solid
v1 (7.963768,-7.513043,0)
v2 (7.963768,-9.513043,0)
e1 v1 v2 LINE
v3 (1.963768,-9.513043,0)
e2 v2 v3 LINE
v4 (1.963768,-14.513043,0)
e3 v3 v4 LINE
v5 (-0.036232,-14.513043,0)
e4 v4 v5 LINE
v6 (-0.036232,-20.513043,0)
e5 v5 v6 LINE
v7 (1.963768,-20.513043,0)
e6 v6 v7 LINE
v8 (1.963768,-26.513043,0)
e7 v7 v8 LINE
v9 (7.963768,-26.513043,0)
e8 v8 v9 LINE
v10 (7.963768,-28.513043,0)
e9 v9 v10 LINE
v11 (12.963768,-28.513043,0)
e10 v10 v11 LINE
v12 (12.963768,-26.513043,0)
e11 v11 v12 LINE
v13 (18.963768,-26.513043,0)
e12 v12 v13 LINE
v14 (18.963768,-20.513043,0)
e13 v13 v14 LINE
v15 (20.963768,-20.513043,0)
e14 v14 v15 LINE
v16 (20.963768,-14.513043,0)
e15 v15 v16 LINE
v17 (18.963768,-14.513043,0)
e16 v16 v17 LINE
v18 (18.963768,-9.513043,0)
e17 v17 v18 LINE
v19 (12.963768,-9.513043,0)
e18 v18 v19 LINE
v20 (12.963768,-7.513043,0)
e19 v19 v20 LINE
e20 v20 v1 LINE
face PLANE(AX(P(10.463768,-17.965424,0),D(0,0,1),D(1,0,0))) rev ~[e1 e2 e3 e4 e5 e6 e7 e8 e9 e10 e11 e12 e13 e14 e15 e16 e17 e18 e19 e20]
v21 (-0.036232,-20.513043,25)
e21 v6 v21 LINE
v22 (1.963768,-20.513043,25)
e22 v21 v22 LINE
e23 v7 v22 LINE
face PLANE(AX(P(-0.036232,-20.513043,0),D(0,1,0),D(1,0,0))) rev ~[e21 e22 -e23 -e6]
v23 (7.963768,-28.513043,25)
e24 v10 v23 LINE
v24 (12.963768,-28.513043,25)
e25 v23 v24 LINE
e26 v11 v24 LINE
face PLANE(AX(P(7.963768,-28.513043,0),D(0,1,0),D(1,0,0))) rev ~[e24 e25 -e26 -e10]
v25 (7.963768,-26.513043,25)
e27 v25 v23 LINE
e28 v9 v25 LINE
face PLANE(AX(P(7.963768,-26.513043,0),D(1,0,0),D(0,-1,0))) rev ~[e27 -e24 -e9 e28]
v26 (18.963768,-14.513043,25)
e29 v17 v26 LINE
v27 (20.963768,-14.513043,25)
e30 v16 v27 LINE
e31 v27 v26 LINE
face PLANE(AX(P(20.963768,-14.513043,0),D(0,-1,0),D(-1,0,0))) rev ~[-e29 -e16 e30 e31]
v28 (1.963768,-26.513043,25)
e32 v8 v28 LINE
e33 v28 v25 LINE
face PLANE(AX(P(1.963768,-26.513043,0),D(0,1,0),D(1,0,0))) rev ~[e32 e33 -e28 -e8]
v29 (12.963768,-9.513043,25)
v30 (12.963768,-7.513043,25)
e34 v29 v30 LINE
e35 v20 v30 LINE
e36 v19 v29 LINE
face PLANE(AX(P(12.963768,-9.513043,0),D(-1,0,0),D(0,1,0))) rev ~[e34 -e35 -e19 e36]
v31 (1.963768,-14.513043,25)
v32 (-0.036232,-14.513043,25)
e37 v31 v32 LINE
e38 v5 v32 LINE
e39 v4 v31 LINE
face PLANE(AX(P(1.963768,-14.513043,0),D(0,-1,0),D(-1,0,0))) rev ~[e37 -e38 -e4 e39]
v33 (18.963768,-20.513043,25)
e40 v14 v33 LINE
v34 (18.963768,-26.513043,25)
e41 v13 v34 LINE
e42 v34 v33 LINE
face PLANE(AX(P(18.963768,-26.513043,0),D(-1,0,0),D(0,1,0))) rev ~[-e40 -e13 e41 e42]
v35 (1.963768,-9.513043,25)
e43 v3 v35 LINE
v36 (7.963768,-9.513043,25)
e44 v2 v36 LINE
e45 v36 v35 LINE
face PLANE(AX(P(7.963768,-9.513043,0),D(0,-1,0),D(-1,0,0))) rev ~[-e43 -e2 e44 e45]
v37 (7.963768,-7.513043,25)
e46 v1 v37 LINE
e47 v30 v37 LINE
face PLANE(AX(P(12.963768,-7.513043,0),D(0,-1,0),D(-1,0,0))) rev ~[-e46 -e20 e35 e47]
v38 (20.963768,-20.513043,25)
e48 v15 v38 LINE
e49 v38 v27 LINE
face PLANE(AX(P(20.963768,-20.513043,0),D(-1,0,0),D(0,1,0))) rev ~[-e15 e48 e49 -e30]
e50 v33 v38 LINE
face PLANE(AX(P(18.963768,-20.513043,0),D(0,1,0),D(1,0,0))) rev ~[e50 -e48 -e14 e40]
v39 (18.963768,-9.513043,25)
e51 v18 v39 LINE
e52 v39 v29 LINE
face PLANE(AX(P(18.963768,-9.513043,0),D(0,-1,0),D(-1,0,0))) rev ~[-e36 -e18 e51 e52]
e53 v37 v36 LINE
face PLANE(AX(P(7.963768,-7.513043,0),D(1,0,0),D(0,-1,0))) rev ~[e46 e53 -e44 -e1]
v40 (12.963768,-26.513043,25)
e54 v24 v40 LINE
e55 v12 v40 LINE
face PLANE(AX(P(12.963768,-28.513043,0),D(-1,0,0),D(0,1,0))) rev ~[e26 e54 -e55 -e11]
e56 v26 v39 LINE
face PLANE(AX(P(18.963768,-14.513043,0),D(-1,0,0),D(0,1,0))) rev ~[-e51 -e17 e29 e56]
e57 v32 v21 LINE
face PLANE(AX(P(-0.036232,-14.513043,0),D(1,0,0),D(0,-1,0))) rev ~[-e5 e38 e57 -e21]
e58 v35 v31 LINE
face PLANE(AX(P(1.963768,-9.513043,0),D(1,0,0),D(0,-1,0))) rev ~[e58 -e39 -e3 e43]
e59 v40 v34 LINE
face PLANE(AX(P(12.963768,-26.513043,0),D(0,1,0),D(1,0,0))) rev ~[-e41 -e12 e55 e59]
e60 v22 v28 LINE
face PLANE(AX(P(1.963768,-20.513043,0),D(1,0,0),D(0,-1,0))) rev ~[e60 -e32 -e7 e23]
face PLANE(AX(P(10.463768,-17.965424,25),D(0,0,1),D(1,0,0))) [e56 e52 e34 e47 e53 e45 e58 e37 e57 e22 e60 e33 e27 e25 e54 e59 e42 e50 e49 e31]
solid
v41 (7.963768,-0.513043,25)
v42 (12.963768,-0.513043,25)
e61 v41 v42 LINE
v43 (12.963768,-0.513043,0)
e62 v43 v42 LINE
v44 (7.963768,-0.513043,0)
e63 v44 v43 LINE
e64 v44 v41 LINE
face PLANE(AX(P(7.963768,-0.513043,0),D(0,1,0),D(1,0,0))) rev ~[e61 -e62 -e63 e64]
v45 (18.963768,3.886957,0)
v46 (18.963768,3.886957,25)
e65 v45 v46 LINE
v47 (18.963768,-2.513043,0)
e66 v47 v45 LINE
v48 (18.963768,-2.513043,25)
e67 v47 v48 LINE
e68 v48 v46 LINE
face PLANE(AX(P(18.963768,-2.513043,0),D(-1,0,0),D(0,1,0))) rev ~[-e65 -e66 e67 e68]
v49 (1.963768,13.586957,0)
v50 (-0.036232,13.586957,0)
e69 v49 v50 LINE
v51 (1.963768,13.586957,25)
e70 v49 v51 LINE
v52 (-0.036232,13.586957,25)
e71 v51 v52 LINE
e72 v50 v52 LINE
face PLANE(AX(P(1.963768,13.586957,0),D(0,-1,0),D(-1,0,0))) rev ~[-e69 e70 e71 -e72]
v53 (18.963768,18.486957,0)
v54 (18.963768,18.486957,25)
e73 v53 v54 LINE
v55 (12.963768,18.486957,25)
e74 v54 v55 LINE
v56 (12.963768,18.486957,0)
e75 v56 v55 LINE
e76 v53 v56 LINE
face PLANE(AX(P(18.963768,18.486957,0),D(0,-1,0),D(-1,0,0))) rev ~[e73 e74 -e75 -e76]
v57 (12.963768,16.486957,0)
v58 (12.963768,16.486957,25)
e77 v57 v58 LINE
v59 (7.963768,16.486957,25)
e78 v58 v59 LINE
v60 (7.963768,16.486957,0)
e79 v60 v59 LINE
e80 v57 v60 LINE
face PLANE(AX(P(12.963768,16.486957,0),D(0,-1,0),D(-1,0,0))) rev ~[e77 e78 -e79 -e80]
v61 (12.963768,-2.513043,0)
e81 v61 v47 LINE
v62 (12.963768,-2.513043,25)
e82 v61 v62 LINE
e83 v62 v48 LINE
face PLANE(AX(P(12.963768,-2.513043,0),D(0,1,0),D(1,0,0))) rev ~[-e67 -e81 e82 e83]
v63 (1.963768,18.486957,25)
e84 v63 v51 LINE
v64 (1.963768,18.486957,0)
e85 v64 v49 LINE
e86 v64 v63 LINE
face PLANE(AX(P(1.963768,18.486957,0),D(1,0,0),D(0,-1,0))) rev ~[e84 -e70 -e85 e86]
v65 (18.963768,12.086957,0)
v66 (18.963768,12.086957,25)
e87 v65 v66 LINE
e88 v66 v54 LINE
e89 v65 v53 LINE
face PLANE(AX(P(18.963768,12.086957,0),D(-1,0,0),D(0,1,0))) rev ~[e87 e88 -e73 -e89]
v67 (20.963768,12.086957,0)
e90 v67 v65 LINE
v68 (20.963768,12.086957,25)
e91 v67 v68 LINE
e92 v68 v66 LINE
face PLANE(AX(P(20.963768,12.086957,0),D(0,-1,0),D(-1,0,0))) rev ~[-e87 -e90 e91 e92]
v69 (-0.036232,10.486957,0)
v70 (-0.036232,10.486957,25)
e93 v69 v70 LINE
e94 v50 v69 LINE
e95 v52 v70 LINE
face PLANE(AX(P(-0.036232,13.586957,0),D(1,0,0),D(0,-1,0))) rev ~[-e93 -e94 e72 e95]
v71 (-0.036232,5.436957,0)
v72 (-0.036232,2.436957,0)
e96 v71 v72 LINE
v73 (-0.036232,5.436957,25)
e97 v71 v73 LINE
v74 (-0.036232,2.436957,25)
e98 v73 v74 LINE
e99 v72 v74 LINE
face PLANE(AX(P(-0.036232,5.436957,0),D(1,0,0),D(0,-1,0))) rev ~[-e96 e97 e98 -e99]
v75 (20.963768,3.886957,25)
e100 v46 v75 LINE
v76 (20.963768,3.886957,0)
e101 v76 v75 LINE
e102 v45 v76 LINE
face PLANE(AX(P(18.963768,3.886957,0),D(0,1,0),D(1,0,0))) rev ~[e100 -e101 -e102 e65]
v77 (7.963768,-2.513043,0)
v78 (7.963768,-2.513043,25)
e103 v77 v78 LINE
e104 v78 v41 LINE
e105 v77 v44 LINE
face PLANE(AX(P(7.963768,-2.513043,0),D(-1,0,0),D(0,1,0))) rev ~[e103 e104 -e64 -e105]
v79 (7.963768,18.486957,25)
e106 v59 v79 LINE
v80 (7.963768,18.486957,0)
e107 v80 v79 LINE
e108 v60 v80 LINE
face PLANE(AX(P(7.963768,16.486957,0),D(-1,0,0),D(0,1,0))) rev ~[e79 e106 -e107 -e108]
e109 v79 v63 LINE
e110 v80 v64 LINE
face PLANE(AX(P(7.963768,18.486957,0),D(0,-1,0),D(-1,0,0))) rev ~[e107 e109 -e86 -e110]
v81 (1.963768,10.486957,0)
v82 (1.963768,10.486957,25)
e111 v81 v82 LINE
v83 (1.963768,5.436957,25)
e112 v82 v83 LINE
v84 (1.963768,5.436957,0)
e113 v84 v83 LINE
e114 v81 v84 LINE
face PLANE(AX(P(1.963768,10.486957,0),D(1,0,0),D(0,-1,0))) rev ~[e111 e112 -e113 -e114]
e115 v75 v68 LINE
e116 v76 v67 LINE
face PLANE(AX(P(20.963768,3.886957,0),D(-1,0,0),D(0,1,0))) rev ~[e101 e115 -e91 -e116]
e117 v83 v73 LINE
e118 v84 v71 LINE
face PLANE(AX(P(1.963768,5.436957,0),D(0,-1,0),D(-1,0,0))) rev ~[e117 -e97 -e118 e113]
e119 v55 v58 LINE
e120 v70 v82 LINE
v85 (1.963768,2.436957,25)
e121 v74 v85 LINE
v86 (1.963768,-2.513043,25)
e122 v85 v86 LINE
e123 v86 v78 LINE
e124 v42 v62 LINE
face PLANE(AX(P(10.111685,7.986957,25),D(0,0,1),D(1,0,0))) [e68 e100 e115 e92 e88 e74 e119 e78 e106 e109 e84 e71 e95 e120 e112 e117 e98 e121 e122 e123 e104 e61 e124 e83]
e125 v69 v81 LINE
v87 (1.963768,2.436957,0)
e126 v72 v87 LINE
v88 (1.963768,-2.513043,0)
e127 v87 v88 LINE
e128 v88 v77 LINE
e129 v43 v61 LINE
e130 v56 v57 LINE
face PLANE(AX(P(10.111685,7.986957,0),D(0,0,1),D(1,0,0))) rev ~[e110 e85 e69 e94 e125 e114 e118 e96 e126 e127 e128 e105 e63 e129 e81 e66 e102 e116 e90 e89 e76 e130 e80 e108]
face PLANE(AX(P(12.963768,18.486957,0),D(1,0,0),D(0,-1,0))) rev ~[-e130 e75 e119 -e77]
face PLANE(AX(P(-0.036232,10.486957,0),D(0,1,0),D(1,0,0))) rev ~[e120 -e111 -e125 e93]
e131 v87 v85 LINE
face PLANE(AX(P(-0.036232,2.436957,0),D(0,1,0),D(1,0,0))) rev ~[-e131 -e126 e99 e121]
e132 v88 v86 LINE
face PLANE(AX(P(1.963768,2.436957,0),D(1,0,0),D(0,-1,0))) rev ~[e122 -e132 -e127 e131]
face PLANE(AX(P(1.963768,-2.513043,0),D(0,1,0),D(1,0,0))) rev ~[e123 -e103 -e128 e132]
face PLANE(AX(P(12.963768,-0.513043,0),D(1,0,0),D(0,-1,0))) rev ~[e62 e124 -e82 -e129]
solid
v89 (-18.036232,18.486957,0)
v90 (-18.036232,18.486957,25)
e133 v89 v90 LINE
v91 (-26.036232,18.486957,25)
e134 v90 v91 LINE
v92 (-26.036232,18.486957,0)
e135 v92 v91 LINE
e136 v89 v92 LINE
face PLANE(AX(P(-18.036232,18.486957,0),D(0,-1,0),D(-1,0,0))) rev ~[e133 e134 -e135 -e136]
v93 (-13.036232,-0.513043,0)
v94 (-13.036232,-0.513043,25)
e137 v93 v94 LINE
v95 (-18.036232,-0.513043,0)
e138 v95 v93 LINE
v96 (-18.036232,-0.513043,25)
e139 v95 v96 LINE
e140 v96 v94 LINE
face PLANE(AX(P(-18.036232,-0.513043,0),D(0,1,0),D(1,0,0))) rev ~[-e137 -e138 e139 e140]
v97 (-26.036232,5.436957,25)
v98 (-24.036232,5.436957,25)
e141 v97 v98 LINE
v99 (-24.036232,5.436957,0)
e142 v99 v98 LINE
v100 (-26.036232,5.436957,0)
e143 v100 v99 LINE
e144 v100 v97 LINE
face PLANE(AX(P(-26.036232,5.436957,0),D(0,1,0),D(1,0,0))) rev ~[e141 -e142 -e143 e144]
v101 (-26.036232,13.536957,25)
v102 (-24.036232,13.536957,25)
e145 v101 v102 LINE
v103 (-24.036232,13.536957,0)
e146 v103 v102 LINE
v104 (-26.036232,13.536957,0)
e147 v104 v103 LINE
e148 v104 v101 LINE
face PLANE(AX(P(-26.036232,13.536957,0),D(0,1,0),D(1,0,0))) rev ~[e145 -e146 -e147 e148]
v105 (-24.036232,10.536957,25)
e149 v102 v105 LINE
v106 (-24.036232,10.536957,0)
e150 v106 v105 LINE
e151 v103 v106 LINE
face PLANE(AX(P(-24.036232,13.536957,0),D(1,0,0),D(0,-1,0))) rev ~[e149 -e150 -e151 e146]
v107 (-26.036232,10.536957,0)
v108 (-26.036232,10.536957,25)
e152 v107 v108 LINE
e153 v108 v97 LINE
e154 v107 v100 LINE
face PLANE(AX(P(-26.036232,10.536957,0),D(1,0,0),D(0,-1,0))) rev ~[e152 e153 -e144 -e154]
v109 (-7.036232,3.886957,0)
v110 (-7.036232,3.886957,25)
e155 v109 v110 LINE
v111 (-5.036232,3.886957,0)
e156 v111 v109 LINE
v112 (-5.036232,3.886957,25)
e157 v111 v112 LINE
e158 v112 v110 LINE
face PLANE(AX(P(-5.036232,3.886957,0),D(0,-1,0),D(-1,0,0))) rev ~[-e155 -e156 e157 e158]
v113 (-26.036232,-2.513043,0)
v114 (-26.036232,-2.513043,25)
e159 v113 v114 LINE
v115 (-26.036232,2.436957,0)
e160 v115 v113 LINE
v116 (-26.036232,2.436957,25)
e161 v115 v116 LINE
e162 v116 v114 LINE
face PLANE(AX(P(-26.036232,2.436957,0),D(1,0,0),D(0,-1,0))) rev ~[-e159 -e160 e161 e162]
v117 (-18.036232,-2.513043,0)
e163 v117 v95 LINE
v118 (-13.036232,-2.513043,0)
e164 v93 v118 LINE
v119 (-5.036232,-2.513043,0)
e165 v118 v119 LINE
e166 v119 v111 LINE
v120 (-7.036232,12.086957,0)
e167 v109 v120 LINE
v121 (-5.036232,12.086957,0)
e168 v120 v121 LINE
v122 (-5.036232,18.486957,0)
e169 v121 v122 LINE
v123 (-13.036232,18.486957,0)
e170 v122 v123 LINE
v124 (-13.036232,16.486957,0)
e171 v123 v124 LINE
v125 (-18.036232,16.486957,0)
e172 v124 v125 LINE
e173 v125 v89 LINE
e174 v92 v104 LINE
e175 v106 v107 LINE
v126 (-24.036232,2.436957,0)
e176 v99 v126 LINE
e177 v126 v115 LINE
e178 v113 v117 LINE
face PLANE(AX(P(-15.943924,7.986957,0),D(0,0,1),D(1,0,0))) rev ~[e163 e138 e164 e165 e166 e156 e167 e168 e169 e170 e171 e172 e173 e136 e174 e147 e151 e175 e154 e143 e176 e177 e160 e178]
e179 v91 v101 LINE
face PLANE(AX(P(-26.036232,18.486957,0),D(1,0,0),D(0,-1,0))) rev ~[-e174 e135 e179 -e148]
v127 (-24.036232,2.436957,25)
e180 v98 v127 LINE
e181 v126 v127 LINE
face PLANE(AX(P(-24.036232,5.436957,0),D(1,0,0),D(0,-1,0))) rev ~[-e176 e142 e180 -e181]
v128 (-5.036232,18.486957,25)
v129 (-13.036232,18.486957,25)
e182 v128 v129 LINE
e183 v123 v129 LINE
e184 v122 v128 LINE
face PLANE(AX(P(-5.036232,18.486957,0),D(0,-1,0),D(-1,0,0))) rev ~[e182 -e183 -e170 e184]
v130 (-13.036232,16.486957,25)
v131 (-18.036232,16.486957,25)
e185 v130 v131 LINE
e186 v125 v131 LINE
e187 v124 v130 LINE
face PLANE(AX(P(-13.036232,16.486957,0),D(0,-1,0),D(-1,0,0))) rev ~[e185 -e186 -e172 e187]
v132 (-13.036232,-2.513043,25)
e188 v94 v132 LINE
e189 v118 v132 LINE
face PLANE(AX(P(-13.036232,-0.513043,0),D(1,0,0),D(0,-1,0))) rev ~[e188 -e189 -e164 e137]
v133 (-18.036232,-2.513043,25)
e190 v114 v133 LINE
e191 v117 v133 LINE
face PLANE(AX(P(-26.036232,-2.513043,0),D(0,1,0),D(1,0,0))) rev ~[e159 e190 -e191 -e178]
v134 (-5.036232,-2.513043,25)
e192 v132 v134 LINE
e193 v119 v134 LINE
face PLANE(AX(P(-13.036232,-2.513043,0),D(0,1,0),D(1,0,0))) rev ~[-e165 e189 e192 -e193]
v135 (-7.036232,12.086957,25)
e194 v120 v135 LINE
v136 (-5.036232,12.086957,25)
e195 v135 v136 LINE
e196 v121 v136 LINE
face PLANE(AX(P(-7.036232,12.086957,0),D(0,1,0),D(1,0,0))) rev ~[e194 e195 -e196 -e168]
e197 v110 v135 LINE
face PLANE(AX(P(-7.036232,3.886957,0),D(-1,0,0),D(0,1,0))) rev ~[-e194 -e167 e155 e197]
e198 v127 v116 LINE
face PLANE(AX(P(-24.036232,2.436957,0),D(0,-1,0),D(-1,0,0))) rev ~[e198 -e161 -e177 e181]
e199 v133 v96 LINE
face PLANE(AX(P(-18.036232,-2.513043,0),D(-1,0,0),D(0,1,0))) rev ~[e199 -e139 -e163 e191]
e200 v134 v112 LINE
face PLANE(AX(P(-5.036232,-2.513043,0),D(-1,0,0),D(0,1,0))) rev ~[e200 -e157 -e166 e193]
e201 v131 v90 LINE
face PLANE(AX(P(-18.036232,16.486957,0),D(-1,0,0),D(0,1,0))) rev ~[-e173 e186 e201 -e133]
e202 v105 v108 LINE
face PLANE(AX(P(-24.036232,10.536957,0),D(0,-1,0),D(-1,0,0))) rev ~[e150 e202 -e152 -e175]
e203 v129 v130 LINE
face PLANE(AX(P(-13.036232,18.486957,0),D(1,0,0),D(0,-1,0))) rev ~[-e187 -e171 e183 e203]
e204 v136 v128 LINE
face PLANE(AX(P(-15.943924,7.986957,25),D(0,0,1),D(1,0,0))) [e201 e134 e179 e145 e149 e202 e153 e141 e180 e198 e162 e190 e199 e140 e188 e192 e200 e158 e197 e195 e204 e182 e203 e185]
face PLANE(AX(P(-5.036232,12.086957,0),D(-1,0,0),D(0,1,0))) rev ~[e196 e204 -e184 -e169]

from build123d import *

# Parameters (mm, degrees)
F1_DEPTH = 25


with BuildPart() as f1:
    # F0 (on Top) → F1 (new body)
    with BuildSketch(Plane.XY):
        Polygon((-18.036232, 18.486957), (-26.036232, 18.486957), (-26.036232, 13.536957), (-24.036232, 13.536957), (-24.036232, 10.536957), (-26.036232, 10.536957), (-26.036232, 5.436957), (-24.036232, 5.436957), (-24.036232, 2.436957), (-26.036232, 2.436957), (-26.036232, -2.513043), (-18.036232, -2.513043), (-18.036232, -0.513043), (-13.036232, -0.513043), (-13.036232, -2.513043), (-5.036232, -2.513043), (-5.036232, 3.886957), (-7.036232, 3.886957), (-7.036232, 12.086957), (-5.036232, 12.086957), (-5.036232, 18.486957), (-13.036232, 18.486957), (-13.036232, 16.486957), (-18.036232, 16.486957), align=None)
        Polygon((7.963768, 18.486957), (1.963768, 18.486957), (1.963768, 13.586957), (-0.036232, 13.586957), (-0.036232, 10.486957), (1.963768, 10.486957), (1.963768, 5.436957), (-0.036232, 5.436957), (-0.036232, 2.436957), (1.963768, 2.436957), (1.963768, -2.513043), (7.963768, -2.513043), (7.963768, -0.513043), (12.963768, -0.513043), (12.963768, -2.513043), (18.963768, -2.513043), (18.963768, 3.886957), (20.963768, 3.886957), (20.963768, 12.086957), (18.963768, 12.086957), (18.963768, 18.486957), (12.963768, 18.486957), (12.963768, 16.486957), (7.963768, 16.486957), align=None)
        Polygon((7.963768, -9.513043), (1.963768, -9.513043), (1.963768, -14.513043), (-0.036232, -14.513043), (-0.036232, -20.513043), (1.963768, -20.513043), (1.963768, -26.513043), (7.963768, -26.513043), (7.963768, -28.513043), (12.963768, -28.513043), (12.963768, -26.513043), (18.963768, -26.513043), (18.963768, -20.513043), (20.963768, -20.513043), (20.963768, -14.513043), (18.963768, -14.513043), (18.963768, -9.513043), (12.963768, -9.513043), (12.963768, -7.513043), (7.963768, -7.513043), align=None)
    extrude(amount=F1_DEPTH)


solid = f1.part
